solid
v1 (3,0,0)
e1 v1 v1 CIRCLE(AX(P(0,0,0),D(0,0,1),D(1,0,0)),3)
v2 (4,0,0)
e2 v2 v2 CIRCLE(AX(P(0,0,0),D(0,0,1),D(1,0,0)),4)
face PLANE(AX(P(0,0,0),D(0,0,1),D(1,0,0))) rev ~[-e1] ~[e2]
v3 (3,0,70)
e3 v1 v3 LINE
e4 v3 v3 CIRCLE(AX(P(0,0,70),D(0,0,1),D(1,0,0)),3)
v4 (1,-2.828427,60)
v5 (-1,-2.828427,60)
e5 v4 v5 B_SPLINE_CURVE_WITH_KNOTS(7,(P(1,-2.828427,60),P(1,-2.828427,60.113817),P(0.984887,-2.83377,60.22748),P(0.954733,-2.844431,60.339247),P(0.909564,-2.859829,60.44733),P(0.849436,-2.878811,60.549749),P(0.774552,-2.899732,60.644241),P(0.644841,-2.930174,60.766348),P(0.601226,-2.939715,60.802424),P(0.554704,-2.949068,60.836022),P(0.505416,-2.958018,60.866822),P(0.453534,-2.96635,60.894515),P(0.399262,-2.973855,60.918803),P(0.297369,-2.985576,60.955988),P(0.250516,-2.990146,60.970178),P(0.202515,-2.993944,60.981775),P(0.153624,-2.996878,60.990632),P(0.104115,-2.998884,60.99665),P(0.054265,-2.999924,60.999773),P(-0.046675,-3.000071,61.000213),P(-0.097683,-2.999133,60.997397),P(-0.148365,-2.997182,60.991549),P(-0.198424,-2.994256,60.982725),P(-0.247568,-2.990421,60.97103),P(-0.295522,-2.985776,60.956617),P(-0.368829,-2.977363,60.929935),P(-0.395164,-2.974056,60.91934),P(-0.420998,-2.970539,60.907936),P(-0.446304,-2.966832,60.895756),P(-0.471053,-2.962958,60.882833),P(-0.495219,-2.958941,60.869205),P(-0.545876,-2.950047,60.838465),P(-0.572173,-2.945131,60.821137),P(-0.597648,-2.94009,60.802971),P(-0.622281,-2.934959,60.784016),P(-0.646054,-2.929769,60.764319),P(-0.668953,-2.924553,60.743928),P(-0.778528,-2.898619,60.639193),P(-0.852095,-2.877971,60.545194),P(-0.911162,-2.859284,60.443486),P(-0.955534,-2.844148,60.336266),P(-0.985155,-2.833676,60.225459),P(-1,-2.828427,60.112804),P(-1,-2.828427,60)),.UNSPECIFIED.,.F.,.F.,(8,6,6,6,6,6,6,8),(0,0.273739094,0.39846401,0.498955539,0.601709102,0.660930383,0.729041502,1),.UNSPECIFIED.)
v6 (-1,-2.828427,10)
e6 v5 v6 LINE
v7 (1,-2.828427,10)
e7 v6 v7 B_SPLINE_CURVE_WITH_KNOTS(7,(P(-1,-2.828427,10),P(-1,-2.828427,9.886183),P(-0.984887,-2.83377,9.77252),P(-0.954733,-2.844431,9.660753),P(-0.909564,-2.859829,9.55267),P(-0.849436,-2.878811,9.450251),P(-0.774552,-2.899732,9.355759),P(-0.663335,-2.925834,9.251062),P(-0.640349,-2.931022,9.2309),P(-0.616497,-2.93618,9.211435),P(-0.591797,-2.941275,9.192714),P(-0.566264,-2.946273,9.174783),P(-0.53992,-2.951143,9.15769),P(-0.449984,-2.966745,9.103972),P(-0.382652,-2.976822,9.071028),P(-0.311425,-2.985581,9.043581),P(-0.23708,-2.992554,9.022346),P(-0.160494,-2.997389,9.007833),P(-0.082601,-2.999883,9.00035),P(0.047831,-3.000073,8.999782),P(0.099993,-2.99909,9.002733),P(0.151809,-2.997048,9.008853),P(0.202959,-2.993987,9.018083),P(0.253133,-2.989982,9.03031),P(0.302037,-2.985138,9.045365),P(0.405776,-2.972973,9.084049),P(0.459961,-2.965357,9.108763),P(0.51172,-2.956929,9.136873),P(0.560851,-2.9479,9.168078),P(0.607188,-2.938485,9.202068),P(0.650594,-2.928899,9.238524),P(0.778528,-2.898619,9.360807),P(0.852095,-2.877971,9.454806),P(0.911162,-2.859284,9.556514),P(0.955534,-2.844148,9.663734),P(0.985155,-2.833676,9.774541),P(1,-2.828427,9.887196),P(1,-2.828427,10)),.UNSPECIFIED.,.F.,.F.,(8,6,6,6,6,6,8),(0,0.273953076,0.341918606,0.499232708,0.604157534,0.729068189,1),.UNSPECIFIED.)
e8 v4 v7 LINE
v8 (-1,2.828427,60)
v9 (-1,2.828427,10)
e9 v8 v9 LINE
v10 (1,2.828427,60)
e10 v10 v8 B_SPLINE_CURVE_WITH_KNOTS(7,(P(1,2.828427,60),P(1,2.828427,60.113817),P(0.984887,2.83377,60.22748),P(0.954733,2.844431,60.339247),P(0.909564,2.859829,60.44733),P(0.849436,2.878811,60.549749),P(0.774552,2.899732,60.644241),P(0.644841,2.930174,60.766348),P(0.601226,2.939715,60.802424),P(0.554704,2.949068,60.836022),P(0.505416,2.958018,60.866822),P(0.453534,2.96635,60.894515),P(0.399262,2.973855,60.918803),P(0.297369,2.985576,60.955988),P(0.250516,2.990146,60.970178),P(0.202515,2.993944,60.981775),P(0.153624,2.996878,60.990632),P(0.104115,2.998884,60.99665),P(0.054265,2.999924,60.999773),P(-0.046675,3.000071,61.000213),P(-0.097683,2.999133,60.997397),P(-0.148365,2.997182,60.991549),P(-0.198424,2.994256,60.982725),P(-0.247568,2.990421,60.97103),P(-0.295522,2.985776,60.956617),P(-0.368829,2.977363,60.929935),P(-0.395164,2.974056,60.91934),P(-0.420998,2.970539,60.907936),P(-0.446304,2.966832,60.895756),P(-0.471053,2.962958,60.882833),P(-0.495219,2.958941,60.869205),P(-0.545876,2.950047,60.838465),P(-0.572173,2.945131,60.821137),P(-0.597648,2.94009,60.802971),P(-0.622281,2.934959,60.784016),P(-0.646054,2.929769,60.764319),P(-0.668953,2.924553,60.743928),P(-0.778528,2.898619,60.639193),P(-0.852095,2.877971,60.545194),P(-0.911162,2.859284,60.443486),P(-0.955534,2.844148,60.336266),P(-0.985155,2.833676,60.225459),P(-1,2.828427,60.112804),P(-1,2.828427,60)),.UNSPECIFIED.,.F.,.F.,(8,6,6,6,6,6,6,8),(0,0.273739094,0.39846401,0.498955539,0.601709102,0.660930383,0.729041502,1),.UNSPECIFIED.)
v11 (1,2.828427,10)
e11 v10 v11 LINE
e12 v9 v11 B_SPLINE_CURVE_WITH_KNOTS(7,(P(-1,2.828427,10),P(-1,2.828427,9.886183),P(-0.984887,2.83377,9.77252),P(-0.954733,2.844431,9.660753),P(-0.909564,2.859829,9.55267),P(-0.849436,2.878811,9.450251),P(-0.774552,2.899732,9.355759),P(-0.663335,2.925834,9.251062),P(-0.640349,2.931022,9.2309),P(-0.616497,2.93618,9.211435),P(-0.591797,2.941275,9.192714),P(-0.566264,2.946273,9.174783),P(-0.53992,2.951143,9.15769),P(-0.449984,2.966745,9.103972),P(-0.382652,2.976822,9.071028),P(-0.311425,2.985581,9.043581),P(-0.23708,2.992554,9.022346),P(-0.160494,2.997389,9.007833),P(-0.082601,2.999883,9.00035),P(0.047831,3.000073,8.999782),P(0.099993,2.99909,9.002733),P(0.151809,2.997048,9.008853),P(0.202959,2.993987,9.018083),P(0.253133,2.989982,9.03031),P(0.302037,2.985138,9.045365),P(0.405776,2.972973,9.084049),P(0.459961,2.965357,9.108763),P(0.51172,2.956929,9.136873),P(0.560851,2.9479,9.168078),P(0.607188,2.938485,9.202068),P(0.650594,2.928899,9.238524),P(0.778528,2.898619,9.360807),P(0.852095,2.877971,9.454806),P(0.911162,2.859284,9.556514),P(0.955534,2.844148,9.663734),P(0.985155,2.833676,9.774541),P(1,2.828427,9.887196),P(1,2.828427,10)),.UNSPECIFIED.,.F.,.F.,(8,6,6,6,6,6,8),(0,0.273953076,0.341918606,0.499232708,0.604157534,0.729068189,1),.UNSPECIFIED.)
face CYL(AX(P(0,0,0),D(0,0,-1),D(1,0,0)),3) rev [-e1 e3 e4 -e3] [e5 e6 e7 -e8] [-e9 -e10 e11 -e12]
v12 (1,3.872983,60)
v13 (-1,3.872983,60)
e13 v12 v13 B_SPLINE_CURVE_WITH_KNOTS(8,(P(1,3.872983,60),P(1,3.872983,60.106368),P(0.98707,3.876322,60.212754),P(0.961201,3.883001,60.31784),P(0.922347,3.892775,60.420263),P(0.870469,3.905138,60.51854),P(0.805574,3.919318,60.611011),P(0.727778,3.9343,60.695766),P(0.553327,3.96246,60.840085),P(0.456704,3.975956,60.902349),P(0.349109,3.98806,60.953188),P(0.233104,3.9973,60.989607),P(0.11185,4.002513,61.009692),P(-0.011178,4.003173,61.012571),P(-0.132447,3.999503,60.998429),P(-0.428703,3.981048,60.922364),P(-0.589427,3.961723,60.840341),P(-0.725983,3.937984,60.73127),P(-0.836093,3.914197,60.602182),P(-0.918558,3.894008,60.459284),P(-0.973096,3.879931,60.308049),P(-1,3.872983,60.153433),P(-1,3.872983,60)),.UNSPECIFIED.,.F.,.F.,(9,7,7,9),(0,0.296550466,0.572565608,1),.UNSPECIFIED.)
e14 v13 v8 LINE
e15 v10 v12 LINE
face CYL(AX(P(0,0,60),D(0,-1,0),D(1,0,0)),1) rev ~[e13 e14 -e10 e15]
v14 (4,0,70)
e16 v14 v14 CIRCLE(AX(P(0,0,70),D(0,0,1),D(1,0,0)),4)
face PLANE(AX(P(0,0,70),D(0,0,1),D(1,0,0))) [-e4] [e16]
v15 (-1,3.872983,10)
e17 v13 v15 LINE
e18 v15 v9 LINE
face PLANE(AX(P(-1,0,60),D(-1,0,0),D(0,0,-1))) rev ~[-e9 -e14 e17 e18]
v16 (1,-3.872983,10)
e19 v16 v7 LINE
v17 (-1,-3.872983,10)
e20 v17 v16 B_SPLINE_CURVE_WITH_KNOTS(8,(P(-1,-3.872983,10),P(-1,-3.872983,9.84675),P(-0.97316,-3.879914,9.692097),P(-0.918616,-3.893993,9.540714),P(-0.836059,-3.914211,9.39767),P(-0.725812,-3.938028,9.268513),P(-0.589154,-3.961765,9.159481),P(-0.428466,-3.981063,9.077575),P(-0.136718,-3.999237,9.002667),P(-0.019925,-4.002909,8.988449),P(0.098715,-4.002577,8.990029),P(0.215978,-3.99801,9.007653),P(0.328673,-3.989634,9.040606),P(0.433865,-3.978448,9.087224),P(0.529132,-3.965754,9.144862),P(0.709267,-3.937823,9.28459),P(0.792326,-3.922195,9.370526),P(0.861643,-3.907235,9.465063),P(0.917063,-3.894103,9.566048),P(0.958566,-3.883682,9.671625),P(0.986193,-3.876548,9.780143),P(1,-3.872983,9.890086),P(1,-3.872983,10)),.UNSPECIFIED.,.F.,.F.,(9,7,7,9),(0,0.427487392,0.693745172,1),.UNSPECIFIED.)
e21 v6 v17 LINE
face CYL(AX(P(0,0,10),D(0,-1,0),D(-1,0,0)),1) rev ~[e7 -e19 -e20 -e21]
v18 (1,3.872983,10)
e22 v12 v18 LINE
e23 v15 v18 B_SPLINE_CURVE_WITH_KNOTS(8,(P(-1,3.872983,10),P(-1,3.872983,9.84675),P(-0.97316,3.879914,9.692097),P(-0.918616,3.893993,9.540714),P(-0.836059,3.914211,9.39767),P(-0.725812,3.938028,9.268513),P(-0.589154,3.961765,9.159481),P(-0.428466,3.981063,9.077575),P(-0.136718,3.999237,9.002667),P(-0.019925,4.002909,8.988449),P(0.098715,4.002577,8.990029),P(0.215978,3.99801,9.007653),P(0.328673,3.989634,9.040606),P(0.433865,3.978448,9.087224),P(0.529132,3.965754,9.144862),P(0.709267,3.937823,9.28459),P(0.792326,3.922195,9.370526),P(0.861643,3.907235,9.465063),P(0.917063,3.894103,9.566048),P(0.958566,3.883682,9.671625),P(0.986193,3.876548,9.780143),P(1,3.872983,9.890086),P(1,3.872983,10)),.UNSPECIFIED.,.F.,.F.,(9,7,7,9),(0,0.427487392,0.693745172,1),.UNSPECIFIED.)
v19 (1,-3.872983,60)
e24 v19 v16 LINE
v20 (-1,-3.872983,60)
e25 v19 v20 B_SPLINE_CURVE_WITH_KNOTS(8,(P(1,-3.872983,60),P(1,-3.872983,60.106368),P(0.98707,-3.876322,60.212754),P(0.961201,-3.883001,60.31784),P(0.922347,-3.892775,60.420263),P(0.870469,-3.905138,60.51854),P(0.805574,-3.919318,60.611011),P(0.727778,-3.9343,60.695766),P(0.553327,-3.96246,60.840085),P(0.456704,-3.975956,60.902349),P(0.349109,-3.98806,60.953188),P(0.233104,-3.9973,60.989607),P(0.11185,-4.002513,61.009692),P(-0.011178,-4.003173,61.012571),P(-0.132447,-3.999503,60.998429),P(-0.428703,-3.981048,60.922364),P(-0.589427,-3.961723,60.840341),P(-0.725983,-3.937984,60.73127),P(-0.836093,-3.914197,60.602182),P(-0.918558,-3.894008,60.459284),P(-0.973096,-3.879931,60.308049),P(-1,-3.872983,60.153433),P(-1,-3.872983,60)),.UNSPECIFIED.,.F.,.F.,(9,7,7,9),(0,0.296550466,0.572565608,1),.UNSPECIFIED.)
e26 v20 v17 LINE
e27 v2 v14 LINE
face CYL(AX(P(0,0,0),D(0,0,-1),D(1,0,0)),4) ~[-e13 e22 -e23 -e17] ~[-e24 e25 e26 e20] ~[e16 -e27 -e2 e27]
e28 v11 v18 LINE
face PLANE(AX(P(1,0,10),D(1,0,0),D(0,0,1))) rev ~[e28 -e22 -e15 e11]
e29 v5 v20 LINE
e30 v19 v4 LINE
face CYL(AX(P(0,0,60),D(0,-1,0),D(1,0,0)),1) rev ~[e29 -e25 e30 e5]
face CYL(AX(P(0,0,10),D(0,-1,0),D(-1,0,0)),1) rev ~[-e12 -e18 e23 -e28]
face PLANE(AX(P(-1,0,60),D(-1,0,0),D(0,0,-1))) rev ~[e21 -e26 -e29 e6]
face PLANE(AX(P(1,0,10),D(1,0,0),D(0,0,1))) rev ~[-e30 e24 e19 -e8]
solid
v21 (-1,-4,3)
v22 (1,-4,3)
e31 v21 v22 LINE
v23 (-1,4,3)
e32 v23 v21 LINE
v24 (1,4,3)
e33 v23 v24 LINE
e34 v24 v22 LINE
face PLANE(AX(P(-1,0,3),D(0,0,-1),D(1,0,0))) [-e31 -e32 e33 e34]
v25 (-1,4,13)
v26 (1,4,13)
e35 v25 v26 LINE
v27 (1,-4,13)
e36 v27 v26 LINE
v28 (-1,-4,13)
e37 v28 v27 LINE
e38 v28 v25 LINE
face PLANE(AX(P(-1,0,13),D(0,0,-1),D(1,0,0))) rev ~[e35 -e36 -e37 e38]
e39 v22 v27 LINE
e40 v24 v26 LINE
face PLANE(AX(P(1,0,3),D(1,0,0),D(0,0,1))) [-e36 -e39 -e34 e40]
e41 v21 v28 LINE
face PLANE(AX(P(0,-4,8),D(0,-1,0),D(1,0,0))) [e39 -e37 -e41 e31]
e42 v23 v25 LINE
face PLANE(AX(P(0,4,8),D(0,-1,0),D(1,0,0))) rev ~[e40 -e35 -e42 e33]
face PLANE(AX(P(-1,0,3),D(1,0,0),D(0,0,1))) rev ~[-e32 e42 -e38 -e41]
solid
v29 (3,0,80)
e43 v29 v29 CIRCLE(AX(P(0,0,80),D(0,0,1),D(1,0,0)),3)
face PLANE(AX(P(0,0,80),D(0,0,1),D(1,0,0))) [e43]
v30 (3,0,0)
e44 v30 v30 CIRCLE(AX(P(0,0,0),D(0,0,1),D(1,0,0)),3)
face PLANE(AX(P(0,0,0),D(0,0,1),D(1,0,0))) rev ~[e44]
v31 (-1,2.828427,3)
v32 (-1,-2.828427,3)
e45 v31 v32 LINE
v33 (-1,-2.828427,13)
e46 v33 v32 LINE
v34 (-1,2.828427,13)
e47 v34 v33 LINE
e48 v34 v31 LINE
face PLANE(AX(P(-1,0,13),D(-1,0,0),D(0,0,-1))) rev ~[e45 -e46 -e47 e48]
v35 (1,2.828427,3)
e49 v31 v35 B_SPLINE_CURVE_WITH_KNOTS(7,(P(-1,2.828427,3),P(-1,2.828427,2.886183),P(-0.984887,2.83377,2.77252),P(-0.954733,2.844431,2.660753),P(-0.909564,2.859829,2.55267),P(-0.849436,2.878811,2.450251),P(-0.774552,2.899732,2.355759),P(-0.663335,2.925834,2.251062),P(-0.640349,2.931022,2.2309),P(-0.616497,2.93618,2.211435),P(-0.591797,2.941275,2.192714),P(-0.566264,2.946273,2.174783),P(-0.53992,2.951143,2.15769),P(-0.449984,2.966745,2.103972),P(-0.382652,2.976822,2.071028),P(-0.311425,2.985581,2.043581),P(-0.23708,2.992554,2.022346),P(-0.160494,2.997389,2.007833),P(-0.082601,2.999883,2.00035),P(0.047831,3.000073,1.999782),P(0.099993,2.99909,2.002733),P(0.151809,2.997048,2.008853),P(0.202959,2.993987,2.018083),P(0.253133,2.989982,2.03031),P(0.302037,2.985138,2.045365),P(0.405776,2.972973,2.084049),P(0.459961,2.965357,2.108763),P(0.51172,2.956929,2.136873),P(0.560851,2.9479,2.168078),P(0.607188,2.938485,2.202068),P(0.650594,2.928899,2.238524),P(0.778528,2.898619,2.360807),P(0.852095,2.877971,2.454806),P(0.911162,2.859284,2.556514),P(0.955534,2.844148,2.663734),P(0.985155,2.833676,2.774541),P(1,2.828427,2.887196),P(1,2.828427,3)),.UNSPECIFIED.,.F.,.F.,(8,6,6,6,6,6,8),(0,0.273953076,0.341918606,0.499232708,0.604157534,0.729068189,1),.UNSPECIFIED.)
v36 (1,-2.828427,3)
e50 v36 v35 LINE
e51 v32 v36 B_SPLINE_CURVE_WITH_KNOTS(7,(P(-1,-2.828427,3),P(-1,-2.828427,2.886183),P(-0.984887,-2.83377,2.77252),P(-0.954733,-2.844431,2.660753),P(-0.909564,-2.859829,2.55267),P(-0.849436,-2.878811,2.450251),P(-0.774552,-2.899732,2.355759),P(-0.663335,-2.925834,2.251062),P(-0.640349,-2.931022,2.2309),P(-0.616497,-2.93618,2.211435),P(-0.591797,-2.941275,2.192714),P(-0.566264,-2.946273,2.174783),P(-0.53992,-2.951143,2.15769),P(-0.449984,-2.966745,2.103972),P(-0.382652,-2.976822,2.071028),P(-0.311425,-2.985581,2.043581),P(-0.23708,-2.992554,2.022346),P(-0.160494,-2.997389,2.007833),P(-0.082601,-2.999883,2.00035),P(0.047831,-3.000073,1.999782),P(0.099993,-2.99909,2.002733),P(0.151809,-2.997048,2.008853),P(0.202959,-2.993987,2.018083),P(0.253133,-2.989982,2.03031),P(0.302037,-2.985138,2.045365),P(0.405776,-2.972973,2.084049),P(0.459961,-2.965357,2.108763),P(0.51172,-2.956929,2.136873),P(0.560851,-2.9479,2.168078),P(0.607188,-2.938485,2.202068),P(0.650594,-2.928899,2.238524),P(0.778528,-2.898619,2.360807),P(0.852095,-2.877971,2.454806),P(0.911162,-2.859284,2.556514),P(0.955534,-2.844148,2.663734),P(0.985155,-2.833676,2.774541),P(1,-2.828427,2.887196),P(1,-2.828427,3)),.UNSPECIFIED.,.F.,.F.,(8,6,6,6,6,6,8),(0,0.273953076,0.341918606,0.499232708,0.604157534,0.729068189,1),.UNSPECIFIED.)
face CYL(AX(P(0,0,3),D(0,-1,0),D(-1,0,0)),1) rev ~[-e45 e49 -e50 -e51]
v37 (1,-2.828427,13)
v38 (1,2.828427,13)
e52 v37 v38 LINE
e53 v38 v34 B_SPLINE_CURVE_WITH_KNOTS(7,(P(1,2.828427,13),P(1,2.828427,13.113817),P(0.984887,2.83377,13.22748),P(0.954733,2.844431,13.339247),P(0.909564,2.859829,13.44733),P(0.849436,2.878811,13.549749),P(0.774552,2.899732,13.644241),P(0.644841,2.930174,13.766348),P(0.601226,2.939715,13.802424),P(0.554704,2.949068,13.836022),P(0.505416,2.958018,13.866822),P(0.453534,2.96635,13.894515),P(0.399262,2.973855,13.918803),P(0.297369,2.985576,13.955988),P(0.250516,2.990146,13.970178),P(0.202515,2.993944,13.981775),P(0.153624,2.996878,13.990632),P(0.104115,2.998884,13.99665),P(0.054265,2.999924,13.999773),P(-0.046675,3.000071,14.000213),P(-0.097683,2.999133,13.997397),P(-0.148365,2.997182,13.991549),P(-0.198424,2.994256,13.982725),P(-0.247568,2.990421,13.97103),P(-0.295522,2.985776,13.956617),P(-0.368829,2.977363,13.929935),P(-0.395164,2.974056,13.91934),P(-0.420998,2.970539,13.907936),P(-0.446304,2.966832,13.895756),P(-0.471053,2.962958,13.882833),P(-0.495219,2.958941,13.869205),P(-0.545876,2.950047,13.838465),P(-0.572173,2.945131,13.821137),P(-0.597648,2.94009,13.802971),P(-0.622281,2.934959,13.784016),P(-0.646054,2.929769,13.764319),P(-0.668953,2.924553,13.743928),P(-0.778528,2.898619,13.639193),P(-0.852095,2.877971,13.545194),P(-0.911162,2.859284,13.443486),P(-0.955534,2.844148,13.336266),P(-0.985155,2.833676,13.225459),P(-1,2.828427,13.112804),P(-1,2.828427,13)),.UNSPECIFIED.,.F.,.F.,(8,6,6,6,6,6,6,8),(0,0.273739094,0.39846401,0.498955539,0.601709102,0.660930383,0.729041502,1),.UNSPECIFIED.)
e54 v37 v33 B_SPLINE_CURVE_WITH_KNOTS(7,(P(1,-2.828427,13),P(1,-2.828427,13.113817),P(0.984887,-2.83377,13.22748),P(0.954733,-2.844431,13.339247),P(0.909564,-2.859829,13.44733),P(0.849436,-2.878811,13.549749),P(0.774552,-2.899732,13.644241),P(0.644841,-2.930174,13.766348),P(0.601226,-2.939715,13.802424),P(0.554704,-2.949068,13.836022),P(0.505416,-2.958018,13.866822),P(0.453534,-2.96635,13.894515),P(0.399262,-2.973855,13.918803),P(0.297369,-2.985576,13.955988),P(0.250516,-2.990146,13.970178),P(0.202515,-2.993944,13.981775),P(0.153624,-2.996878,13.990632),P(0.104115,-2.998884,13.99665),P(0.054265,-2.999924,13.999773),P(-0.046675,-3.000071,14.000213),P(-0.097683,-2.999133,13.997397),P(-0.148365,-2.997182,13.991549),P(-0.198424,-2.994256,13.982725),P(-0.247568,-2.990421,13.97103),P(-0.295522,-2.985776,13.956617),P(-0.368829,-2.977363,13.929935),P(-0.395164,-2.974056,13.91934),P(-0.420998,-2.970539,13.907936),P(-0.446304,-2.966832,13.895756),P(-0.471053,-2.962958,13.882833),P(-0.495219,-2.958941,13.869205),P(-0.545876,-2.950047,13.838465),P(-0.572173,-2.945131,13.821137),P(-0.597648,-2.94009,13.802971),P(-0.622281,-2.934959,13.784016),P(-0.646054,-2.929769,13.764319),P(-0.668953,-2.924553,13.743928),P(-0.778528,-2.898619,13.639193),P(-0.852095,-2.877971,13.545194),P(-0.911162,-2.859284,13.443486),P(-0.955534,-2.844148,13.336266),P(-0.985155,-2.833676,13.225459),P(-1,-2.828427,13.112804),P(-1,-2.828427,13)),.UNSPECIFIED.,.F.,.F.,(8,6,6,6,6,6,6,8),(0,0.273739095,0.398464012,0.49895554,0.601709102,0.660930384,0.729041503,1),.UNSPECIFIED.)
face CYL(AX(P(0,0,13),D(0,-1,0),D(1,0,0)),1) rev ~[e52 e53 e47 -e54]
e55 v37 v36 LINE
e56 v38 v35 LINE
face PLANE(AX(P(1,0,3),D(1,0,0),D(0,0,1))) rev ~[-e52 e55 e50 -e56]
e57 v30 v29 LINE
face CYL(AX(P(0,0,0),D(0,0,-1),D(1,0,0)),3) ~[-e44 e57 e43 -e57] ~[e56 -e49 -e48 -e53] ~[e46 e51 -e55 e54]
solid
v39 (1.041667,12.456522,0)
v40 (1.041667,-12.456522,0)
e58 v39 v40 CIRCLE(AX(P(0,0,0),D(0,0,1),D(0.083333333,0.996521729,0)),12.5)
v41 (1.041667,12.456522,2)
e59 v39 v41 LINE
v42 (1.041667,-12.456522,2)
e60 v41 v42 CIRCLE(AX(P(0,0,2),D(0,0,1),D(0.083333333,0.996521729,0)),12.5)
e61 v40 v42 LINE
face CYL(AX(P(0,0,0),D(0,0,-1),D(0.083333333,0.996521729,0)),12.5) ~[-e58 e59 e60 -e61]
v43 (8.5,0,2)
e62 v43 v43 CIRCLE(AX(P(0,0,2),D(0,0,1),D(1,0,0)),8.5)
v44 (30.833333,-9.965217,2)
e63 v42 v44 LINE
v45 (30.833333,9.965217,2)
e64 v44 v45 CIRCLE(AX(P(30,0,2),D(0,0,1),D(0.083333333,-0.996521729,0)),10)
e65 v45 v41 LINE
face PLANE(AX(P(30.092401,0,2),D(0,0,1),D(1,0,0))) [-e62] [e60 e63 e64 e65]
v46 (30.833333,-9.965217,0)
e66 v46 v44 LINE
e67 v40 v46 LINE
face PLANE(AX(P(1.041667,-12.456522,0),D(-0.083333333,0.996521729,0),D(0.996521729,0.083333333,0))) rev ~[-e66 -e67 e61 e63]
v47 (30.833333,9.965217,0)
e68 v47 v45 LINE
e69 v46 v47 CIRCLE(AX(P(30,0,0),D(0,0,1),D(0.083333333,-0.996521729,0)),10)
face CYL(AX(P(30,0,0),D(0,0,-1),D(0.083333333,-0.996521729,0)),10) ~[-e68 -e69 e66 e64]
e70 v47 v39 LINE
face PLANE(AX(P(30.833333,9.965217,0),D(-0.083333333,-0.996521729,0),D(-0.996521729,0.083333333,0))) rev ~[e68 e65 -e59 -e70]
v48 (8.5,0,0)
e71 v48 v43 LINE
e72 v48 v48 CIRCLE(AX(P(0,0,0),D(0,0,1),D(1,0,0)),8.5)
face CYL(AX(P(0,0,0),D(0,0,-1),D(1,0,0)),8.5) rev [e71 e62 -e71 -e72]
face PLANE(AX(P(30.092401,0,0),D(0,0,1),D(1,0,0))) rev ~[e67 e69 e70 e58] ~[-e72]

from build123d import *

# Parameters (mm, degrees)
F0_R      = 4
F0_R_2    = 3
F1_DEPTH  = 70
F3_DEPTH  = 12.5
F4_R      = 3
F5_DEPTH  = 80
F8_DEPTH  = 12.5
F6_W      = 2
F6_H      = 10
F9_DEPTH  = 4
F10_R     = 8.5
F11_DEPTH = 2


with BuildPart() as f1:
    # F0 (on Top) → F1 (new body)
    with BuildSketch(Plane.XY):
        Circle(F0_R)
        Circle(F0_R_2, mode=Mode.SUBTRACT)
    extrude(amount=F1_DEPTH)

    # F2 (on Front) → F3 (cut, symmetric)
    with BuildSketch(Plane.XZ):
        with BuildLine():
            ThreePointArc((1, 60), (0, 61), (-1, 60))
            Line((-1, 60), (-1, 10))
            ThreePointArc((-1, 10), (0, 9), (1, 10))
            Line((1, 10), (1, 60))
        make_face()
    extrude(amount=F3_DEPTH, both=True, mode=Mode.SUBTRACT)


with BuildPart() as f5:
    # F4 (on Top) → F5 (new body)
    with BuildSketch(Plane.XY):
        Circle(F4_R)
    extrude(amount=F5_DEPTH)

    # F7 (on Front) → F8 (cut, symmetric)
    with BuildSketch(Plane.XZ):
        with BuildLine():
            ThreePointArc((1, 13), (0, 14), (-1, 13))
            Line((-1, 13), (-1, 3))
            ThreePointArc((-1, 3), (0, 2), (1, 3))
            Line((1, 3), (1, 13))
        make_face()
    extrude(amount=F8_DEPTH, both=True, mode=Mode.SUBTRACT)


with BuildPart() as f9:
    # F6 (on Front) → F9 (new body, symmetric)
    with BuildSketch(Plane.XZ):
        with Locations((0, 8)):
            Rectangle(F6_W, F6_H)
    extrude(amount=F9_DEPTH, both=True)


with BuildPart() as f11:
    # F10 (on Top) → F11 (new body)
    with BuildSketch(Plane.XY):
        with BuildLine():
            ThreePointArc((40, 0), (37.3598007219, 6.7700320039), (30.8333333333, 9.9652172859))
            ThreePointArc((30.8333333333, 9.9652172859), (20, 0), (30.8333333333, -9.9652172859))
            ThreePointArc((30.8333333333, -9.9652172859), (37.3598007219, -6.7700320039), (40, 0))
        make_face()
        with BuildLine():
            ThreePointArc((1.0416666667, 12.4565216074), (9.1997509024, 8.4625400048), (12.5, 0))
            ThreePointArc((12.5, 0), (9.1997509024, -8.4625400048), (1.0416666667, -12.4565216074))
            Line((1.0416666667, -12.4565216074), (30.8333333333, -9.9652172859))
            ThreePointArc((30.8333333333, -9.9652172859), (20, 0), (30.8333333333, 9.9652172859))
            Line((30.8333333333, 9.9652172859), (1.0416666667, 12.4565216074))
        make_face()
        with BuildLine():
            ThreePointArc((1.0416666667, -12.4565216074), (9.1997509024, -8.4625400048), (12.5, 0))
            ThreePointArc((12.5, 0), (9.1997509024, 8.4625400048), (1.0416666667, 12.4565216074))
            ThreePointArc((1.0416666667, 12.4565216074), (-12.5, 0), (1.0416666667, -12.4565216074))
        make_face()
        Circle(F10_R, mode=Mode.SUBTRACT)
    extrude(amount=F11_DEPTH)


solid = Compound([f1.part, f5.part, f9.part, f11.part])
